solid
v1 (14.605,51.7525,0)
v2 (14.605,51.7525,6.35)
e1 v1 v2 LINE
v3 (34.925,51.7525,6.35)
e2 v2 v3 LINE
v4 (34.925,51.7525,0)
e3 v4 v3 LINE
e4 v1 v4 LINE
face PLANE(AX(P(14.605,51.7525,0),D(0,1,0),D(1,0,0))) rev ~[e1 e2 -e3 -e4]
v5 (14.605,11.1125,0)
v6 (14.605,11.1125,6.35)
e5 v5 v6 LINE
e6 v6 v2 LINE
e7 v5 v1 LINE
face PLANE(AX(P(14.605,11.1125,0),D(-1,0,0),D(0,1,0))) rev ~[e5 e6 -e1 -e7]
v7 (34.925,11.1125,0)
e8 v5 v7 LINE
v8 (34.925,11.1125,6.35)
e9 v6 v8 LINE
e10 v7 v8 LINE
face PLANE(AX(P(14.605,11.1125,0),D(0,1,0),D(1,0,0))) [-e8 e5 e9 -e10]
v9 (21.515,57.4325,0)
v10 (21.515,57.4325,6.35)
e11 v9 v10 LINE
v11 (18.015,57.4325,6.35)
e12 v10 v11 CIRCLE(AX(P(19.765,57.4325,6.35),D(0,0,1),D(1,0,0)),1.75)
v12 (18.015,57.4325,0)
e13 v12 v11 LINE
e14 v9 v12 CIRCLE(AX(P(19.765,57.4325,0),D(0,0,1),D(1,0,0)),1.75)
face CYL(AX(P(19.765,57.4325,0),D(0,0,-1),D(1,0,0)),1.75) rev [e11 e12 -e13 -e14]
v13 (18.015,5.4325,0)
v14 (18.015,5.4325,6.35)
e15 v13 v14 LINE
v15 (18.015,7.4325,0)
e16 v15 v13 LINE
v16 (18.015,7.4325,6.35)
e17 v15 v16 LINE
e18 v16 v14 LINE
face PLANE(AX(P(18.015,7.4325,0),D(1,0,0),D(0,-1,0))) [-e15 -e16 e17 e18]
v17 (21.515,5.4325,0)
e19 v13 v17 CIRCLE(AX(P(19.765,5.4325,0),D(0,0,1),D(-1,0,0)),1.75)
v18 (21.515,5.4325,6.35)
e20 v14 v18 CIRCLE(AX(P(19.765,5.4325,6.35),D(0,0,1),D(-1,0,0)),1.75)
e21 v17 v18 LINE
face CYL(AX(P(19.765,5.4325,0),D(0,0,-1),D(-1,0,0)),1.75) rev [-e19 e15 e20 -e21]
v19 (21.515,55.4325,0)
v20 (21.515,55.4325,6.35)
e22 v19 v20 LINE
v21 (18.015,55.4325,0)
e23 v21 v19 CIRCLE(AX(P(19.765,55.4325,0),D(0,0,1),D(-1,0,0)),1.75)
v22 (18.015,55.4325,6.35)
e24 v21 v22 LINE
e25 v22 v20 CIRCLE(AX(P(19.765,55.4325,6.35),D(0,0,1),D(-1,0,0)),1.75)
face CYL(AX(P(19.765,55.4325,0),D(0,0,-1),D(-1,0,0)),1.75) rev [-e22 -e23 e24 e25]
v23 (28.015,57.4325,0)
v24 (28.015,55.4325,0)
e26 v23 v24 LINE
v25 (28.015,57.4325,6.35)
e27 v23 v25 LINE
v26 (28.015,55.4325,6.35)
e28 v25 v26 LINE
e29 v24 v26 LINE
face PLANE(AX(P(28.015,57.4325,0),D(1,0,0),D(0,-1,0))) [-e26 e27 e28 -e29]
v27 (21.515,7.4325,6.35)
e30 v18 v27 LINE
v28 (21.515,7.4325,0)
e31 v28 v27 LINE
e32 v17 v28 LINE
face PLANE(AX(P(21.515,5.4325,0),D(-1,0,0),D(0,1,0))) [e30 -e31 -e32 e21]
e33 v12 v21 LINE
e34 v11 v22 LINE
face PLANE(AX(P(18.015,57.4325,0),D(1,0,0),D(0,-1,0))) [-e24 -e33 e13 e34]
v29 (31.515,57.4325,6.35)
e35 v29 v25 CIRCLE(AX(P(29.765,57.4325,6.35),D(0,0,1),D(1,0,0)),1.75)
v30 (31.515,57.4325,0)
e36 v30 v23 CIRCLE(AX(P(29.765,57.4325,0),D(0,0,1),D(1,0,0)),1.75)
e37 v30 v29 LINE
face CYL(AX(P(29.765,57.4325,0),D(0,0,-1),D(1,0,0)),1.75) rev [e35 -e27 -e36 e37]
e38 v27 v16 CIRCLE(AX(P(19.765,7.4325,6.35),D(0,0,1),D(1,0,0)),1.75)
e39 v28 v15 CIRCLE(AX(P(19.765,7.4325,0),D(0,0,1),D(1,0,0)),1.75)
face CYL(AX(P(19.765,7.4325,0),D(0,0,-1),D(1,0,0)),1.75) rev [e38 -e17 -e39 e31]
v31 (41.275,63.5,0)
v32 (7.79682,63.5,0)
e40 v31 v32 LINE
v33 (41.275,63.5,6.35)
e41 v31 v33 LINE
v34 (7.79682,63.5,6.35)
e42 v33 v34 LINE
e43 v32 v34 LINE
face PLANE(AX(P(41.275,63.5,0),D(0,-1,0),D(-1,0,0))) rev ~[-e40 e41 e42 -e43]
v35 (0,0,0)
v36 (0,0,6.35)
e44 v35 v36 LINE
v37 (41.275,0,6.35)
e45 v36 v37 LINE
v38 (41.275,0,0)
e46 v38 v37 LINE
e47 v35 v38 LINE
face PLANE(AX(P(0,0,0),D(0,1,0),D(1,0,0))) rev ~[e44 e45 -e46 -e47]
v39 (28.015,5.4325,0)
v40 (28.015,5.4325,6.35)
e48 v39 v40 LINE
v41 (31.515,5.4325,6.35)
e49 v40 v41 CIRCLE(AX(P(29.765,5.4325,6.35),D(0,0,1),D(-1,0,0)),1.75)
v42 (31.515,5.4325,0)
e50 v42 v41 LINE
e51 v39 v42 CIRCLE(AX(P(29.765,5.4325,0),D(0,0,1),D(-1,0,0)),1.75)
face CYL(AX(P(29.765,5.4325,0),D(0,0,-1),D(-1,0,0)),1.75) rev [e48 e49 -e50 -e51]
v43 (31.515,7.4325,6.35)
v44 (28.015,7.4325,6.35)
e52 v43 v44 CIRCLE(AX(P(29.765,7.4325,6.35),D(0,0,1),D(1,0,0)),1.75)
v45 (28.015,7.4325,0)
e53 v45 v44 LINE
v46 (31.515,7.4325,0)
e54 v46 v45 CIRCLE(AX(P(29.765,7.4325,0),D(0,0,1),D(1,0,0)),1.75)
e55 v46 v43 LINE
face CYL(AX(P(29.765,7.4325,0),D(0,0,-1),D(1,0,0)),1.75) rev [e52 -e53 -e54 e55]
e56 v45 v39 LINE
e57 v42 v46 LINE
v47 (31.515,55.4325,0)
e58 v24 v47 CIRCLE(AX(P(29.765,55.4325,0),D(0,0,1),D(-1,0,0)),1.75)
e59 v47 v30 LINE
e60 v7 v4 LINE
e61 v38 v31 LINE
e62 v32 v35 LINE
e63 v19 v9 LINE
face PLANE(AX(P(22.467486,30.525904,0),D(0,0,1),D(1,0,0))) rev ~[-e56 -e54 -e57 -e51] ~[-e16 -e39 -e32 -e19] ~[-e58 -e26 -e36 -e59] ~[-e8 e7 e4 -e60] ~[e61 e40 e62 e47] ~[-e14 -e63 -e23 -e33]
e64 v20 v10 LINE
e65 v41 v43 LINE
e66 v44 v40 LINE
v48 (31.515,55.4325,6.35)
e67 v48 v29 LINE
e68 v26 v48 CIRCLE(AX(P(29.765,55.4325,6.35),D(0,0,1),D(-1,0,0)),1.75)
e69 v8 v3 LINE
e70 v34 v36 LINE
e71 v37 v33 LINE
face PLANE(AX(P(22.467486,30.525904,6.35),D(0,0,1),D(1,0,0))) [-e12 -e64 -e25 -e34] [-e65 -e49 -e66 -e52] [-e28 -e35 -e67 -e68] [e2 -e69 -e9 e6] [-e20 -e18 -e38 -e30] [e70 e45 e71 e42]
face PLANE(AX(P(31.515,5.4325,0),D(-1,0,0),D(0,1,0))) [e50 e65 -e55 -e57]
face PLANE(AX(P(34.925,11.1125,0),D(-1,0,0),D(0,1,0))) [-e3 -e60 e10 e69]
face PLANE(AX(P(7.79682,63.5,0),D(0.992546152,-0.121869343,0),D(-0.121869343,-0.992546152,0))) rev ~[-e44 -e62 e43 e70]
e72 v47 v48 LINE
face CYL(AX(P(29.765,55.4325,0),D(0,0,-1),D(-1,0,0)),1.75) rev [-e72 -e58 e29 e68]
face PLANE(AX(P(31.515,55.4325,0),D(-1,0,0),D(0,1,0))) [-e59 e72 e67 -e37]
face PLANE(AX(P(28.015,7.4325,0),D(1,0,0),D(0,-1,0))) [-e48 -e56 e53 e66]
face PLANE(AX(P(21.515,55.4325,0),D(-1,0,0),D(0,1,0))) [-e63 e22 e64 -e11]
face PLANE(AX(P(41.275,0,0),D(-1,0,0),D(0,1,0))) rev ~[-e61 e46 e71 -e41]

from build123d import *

# Parameters (mm, degrees)
SKETCH1_W           = 20.32
SKETCH1_H           = 40.64
BOSS_EXTRUDE1_DEPTH = 6.35


with BuildPart() as part:
    # Sketch1 → Boss-Extrude1 (new body)
    with BuildSketch(Plane.XY):
        Polygon((0, 0), (41.275, 0), (41.275, 63.5), (7.796819617, 63.5), align=None)
        with BuildLine():
            ThreePointArc((28.015, 5.4325), (29.765, 3.6825), (31.515, 5.4325))
            Line((31.515, 5.4325), (31.515, 7.4325))
            ThreePointArc((31.515, 7.4325), (29.765, 9.1825), (28.015, 7.4325))
            Line((28.015, 7.4325), (28.015, 5.4325))
        make_face(mode=Mode.SUBTRACT)
        with BuildLine():
            ThreePointArc((18.015, 5.4325), (19.765, 3.6825), (21.515, 5.4325))
            Line((21.515, 5.4325), (21.515, 7.4325))
            ThreePointArc((21.515, 7.4325), (19.765, 9.1825), (18.015, 7.4325))
            Line((18.015, 7.4325), (18.015, 5.4325))
        make_face(mode=Mode.SUBTRACT)
        with BuildLine():
            ThreePointArc((31.515, 57.4325), (29.765, 59.1825), (28.015, 57.4325))
            Line((28.015, 57.4325), (28.015, 55.4325))
            ThreePointArc((28.015, 55.4325), (29.765, 53.6825), (31.515, 55.4325))
            Line((31.515, 55.4325), (31.515, 57.4325))
        make_face(mode=Mode.SUBTRACT)
        with BuildLine():
            ThreePointArc((21.515, 57.4325), (19.765, 59.1825), (18.015, 57.4325))
            Line((18.015, 57.4325), (18.015, 55.4325))
            ThreePointArc((18.015, 55.4325), (19.765, 53.6825), (21.515, 55.4325))
            Line((21.515, 55.4325), (21.515, 57.4325))
        make_face(mode=Mode.SUBTRACT)
        with Locations((24.765, 31.4325)):
            Rectangle(SKETCH1_W, SKETCH1_H, mode=Mode.SUBTRACT)
    extrude(amount=BOSS_EXTRUDE1_DEPTH)


solid = part.part
